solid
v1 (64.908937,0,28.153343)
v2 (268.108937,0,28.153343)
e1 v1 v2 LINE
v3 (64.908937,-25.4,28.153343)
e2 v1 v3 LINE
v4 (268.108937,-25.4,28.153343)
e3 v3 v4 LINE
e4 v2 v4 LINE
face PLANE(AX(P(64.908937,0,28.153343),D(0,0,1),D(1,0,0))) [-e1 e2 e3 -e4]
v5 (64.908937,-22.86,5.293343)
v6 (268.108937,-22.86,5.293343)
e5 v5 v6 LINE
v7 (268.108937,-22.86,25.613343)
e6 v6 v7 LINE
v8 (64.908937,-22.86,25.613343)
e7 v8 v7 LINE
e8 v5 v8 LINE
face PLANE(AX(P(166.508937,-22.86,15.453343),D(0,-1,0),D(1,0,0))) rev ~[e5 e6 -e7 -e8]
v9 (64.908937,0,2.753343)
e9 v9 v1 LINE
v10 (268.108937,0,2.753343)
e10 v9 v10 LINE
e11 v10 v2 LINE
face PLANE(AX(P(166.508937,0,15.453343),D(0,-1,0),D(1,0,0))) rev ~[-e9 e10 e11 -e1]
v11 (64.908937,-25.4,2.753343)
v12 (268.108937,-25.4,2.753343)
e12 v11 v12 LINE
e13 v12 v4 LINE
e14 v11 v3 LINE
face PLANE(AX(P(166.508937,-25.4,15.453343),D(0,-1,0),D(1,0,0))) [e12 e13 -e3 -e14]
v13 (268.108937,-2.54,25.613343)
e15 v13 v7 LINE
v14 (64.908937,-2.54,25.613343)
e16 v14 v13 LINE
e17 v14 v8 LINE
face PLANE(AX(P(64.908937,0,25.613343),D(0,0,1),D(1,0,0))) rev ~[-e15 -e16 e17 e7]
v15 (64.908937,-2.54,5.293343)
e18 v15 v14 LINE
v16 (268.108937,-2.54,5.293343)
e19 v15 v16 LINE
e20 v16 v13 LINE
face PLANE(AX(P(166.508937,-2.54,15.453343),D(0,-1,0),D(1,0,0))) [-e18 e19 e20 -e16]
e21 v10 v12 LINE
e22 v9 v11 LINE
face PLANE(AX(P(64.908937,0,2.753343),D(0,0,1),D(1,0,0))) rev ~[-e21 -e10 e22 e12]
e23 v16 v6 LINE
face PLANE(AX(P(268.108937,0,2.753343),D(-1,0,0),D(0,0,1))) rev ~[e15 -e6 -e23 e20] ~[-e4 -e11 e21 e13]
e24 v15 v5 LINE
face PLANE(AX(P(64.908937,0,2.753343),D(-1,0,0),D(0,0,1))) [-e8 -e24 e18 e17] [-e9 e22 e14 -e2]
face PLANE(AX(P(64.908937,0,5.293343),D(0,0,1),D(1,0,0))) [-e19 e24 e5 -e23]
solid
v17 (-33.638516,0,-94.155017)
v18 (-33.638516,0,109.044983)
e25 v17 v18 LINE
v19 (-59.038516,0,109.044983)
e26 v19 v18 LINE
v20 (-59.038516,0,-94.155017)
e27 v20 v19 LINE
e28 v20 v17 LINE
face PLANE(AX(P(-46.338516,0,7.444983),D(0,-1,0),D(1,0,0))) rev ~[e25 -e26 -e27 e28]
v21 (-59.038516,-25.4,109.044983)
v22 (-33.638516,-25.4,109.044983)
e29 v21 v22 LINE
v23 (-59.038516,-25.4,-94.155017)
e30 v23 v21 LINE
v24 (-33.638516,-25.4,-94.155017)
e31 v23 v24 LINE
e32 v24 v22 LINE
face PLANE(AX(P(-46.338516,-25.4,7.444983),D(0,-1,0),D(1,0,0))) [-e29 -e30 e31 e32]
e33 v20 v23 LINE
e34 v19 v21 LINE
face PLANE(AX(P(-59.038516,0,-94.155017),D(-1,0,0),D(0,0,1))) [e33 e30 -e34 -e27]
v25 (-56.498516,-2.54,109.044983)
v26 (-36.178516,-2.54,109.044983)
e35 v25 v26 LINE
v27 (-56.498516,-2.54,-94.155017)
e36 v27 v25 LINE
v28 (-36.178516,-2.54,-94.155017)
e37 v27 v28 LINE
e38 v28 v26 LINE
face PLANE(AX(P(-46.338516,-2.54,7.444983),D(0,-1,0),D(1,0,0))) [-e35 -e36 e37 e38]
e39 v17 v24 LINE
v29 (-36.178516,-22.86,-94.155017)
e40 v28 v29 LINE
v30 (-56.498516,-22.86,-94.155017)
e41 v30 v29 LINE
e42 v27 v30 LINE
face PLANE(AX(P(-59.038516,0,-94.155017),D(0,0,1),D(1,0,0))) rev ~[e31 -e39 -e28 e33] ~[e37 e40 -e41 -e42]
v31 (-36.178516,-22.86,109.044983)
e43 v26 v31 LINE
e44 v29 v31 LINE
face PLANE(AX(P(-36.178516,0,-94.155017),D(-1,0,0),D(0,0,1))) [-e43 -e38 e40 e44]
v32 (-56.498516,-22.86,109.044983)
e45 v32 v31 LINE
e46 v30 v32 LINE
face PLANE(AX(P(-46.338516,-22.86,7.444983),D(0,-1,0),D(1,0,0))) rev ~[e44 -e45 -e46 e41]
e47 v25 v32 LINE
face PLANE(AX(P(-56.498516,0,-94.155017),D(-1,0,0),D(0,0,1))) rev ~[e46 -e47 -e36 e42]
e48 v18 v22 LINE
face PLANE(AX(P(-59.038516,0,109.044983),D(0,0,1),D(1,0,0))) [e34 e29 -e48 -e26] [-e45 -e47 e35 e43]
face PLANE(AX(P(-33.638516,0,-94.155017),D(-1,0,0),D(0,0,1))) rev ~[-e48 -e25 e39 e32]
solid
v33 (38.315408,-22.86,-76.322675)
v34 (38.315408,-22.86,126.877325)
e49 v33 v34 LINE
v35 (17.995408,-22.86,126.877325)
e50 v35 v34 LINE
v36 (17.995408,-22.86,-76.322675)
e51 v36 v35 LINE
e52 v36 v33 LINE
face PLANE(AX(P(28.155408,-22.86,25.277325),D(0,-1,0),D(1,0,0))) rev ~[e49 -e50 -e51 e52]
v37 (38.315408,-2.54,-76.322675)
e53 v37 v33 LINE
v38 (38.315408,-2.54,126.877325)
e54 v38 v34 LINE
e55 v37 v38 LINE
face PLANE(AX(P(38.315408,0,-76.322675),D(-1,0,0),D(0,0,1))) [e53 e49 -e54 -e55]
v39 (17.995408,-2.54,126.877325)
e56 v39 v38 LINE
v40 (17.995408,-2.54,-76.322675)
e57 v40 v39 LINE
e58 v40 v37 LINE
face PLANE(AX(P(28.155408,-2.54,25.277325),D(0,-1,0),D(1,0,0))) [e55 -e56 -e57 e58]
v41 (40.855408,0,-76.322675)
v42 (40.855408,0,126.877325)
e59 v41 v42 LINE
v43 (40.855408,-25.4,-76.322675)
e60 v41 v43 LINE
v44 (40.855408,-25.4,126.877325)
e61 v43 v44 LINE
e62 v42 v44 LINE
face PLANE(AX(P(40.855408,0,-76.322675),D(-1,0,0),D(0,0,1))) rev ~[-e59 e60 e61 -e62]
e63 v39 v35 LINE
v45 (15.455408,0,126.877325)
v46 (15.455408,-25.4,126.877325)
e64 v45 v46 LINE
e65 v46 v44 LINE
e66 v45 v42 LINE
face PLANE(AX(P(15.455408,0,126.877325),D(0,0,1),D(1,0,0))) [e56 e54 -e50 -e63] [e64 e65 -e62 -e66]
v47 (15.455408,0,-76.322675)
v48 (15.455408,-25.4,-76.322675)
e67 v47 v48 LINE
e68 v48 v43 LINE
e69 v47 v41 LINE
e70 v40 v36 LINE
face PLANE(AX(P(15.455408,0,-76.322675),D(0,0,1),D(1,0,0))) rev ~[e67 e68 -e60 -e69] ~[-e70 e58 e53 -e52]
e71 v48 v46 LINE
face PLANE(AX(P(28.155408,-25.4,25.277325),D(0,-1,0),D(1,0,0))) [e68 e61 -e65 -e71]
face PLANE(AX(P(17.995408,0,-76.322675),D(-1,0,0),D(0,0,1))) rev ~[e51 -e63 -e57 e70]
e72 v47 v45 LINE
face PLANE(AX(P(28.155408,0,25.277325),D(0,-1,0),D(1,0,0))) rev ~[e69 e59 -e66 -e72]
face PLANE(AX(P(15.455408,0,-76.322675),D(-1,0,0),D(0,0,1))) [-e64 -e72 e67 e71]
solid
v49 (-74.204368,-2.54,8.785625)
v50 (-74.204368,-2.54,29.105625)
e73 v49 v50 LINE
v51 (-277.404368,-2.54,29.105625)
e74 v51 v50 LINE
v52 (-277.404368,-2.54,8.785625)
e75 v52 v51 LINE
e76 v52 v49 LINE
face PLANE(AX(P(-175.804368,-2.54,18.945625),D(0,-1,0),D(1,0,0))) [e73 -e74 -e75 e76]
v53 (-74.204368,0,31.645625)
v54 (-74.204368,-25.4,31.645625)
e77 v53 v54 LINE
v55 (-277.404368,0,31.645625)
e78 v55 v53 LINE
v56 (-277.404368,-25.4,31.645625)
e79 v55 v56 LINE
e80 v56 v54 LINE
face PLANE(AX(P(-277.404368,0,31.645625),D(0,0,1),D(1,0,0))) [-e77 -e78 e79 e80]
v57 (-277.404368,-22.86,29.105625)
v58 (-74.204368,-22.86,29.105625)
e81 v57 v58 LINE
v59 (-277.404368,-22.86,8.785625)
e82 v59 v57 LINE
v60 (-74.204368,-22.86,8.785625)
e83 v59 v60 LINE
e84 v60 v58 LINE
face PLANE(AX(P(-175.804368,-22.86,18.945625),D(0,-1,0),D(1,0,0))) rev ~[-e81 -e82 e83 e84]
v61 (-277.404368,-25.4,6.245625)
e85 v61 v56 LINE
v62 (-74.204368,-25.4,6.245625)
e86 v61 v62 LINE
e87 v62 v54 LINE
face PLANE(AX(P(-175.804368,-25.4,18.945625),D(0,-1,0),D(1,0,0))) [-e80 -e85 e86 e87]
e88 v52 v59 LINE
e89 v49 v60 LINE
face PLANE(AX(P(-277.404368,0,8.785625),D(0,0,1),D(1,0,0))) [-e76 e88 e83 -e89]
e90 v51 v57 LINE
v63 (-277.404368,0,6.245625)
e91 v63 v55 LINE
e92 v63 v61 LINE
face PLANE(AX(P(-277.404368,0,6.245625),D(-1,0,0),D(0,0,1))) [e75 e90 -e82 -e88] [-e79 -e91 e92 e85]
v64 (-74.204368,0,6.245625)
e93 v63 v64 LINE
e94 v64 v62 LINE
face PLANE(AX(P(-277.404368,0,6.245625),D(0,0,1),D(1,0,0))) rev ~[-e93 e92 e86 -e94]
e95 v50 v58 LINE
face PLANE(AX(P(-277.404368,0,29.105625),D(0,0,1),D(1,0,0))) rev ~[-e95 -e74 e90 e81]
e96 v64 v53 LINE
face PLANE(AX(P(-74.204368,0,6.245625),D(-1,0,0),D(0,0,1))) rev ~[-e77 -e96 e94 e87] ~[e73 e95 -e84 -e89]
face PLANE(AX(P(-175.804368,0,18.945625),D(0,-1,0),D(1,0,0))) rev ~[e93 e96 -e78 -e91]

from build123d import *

# Parameters (mm, degrees)
F0_W     = 25.4
F0_H     = 203.2
F1_DEPTH = 25.4
F0_W_2   = 203.2
F0_H_2   = 25.4
F2_T     = -2.54
F2_2_T   = -2.54
F2_3_T   = -2.54
F2_4_T   = -2.54


with BuildPart() as f1:
    # F0 (on Front) → F1 (new body)
    with BuildSketch(Plane.XZ):
        with Locations((-46.3385161425, 7.4449833483)):
            Rectangle(F0_W, F0_H)
    extrude(amount=F1_DEPTH)

    # F2#2
    f2_2_openings = [f1.faces().sort_by_distance(p)[0] for p in [
        (-46.338516, -12.7, 109.044983),
        (-46.338516, -12.7, -94.155017),
    ]]
    offset(amount=F2_2_T, openings=f2_2_openings)


with BuildPart() as f1b:
    # F0 (on Front) → F1, piece 2 (new body)
    with BuildSketch(Plane.XZ):
        with Locations((28.1554080218, 25.2773252487)):
            Rectangle(F0_W, F0_H)
    extrude(amount=F1_DEPTH)

    # F2
    f2_openings = [f1b.faces().sort_by_distance(p)[0] for p in [
        (28.155408, -12.7, 126.877325),
        (28.155408, -12.7, -76.322675),
    ]]
    offset(amount=F2_T, openings=f2_openings)


with BuildPart() as f1c:
    # F0 (on Front) → F1, piece 3 (new body)
    with BuildSketch(Plane.XZ):
        with Locations((166.5089366198, 15.4533425018)):
            Rectangle(F0_W_2, F0_H_2)
    extrude(amount=F1_DEPTH)

    # F2#4
    f2_4_openings = [f1c.faces().sort_by_distance(p)[0] for p in [
        (268.108937, -12.7, 15.453343),
        (64.908937, -12.7, 15.453343),
    ]]
    offset(amount=F2_4_T, openings=f2_4_openings)


with BuildPart() as f1d:
    # F0 (on Front) → F1, piece 4 (new body)
    with BuildSketch(Plane.XZ):
        with Locations((-175.8043679237, 18.9456247397)):
            Rectangle(F0_W_2, F0_H_2)
    extrude(amount=F1_DEPTH)

    # F2#3
    f2_3_openings = [f1d.faces().sort_by_distance(p)[0] for p in [
        (-74.204368, -12.7, 18.945625),
        (-277.404368, -12.7, 18.945625),
    ]]
    offset(amount=F2_3_T, openings=f2_3_openings)


solid = Compound([f1.part, f1b.part, f1c.part, f1d.part])
